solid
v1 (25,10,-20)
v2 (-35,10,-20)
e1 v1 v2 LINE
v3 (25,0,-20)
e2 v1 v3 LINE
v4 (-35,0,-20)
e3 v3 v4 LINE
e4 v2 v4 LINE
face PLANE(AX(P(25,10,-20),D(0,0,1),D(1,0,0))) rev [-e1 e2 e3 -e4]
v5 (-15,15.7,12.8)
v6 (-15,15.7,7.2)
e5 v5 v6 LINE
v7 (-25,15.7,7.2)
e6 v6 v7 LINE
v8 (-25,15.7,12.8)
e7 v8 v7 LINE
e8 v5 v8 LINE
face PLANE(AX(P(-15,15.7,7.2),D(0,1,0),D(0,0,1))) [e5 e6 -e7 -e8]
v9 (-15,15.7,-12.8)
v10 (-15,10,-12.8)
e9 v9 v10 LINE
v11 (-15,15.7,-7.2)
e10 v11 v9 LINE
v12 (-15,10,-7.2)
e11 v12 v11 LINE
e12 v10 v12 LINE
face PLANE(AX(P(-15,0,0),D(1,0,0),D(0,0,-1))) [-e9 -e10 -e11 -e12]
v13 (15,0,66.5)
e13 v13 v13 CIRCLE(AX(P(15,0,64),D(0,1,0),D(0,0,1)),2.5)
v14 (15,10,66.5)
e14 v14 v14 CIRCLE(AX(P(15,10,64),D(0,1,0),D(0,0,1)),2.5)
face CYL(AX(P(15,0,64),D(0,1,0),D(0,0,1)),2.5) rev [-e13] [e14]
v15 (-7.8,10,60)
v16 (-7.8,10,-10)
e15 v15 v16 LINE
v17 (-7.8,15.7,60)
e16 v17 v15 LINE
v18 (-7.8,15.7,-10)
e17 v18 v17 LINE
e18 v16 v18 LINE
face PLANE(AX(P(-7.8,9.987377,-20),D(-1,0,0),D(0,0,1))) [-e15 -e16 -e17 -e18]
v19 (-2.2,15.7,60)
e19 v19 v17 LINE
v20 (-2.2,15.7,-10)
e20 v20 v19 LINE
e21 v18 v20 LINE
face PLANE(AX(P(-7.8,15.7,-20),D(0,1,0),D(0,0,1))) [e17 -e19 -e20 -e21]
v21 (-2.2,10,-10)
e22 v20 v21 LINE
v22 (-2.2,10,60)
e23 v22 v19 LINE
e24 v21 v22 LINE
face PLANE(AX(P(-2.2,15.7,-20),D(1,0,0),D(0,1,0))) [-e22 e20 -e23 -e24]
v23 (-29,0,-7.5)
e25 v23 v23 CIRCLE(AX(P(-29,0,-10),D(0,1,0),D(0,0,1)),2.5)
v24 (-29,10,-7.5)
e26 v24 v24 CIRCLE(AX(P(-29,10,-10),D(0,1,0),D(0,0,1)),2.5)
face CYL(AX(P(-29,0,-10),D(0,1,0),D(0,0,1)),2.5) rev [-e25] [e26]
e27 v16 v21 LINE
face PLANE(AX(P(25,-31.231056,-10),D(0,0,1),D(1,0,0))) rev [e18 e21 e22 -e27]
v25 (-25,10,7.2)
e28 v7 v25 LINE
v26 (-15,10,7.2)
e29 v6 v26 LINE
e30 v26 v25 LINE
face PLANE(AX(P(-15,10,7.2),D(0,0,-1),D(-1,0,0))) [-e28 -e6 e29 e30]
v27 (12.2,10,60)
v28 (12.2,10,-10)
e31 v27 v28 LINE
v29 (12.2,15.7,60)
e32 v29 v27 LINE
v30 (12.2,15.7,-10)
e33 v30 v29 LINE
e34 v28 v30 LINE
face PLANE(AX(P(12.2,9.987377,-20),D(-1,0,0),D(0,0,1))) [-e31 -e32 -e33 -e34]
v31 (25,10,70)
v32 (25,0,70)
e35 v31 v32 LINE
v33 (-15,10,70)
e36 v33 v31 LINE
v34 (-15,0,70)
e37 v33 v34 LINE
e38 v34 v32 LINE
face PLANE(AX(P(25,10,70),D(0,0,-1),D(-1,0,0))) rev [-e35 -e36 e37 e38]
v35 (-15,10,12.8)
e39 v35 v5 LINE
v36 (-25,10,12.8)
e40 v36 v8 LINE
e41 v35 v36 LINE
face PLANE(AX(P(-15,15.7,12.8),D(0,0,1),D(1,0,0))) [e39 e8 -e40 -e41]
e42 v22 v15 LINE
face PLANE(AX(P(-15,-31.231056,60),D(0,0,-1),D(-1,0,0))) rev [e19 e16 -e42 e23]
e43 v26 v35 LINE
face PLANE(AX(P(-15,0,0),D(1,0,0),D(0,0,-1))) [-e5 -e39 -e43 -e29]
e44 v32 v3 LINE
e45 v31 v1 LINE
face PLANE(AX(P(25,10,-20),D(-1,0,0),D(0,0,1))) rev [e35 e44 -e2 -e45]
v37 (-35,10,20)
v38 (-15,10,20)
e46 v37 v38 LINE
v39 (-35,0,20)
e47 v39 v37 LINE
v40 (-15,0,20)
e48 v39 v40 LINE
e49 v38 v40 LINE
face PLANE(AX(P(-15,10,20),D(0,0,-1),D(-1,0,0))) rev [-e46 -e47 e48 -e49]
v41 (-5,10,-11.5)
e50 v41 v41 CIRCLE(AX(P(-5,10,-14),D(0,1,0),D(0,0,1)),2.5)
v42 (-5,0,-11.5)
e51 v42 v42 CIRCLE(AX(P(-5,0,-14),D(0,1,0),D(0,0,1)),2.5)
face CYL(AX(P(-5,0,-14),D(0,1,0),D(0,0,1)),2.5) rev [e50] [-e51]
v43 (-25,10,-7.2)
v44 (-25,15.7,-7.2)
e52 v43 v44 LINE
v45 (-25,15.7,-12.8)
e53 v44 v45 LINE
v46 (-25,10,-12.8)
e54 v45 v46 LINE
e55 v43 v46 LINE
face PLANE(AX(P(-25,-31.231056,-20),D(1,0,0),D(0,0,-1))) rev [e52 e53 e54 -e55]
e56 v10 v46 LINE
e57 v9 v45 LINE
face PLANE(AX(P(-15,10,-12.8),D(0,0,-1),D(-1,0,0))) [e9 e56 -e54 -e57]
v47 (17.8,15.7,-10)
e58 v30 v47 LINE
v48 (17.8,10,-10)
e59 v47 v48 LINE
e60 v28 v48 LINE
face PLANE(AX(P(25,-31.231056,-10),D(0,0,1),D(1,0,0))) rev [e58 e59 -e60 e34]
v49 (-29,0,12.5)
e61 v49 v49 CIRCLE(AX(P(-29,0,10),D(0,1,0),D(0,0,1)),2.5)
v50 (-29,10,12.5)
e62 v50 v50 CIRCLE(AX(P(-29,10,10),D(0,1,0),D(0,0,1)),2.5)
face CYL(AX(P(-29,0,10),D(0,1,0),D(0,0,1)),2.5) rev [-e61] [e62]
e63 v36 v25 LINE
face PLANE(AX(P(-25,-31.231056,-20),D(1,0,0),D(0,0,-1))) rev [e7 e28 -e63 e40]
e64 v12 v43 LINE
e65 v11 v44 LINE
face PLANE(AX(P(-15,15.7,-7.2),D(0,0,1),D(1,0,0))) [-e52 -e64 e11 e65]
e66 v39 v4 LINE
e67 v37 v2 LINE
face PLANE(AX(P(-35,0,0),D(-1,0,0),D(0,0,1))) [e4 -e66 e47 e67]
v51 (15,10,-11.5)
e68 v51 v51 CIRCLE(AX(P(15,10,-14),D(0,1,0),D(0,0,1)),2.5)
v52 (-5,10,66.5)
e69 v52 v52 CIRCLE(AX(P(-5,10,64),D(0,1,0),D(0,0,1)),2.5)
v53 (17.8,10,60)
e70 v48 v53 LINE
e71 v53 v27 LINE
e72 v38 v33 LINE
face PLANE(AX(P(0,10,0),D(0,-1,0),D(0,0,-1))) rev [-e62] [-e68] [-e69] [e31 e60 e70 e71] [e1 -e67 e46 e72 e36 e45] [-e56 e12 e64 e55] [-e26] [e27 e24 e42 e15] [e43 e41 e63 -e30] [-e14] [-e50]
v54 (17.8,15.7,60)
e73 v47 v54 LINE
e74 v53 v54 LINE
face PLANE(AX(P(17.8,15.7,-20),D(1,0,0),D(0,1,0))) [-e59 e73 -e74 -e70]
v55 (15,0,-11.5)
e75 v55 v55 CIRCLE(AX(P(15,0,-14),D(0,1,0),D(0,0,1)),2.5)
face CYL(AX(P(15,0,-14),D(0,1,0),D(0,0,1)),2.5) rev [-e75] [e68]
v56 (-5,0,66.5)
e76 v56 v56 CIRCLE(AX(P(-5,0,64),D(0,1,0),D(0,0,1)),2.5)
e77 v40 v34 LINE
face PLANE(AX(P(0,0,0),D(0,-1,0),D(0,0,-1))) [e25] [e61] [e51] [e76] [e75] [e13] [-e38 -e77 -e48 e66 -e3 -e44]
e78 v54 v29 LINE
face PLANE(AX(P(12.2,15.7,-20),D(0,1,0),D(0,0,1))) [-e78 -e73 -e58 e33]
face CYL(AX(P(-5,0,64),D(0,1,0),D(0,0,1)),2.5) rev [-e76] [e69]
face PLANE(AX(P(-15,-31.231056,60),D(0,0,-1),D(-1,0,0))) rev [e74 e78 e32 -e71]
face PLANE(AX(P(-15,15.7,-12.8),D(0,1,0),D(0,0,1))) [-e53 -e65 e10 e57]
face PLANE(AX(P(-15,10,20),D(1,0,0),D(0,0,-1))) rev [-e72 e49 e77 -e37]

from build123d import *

# Parameters (mm, degrees)
SALIENTE_EXTRUIR1_DEPTH = 10
SALIENTE_EXTRUIR2_DEPTH = 90
SALIENTE_EXTRUIR3_DEPTH = 50
CROQUIS6_W              = 56.928573576
CROQUIS6_H              = 55.923287038
CORTAR_EXTRUIR2_DEPTH   = 30
CROQUIS5_W              = 40
CROQUIS5_H              = 10
CROQUIS5_W_2            = 10
CROQUIS5_H_2            = 40
CORTAR_EXTRUIR1_DEPTH   = 5.7
CROQUIS7_R              = 2.5
CORTAR_EXTRUIR3_DEPTH   = 11


with BuildPart() as part:
    # Croquis1 → Saliente-Extruir1 (new body)
    with BuildSketch(Plane(origin=(0, 0, 0), x_dir=(1, 0, 0), z_dir=(0, 1, 0))):
        Polygon((25, 20), (-65, 20), (-65, -20), (-15, -20), (-15, -70), (25, -70), (25, -20), align=None)
    extrude(amount=SALIENTE_EXTRUIR1_DEPTH)

    # Croquis2 → Saliente-Extruir2 (add, through all)
    with BuildSketch(Plane.XY.offset(70)):
        Polygon((12.2, 9.987376579), (12.2, 15.7), (17.8, 15.7), (17.8, 9.987376579), (15, 9.987376579), align=None)
        Polygon((-7.8, 9.987376579), (-7.8, 15.7), (-2.2, 15.7), (-2.2, 9.987376579), (-5, 9.987376579), align=None)
    extrude(amount=-SALIENTE_EXTRUIR2_DEPTH)

    # Croquis3 → Saliente-Extruir3 (add)
    with BuildSketch(Plane.ZY.offset(65)):
        Polygon((7.2, 10), (7.2, 15.7), (12.8, 15.7), (12.8, 10), (10, 10), align=None)
        Polygon((-12.8, 10), (-12.8, 15.7), (-7.2, 15.7), (-7.2, 10), (-10, 10), align=None)
    extrude(amount=-SALIENTE_EXTRUIR3_DEPTH)

    # Croquis6 → Cortar-Extruir2 (cut)
    with BuildSketch(Plane.ZY.offset(65)):
        Rectangle(CROQUIS6_W, CROQUIS6_H)
    extrude(amount=-CORTAR_EXTRUIR2_DEPTH, mode=Mode.SUBTRACT)

    # Croquis5 → Cortar-Extruir1 (cut)
    with BuildSketch(Plane(origin=(0, 15.7, 0), x_dir=(1, 0, 0), z_dir=(0, 1, 0))):
        with Locations((5, -65)):
            Rectangle(CROQUIS5_W, CROQUIS5_H)
        with Locations((5, 15)):
            Rectangle(CROQUIS5_W, CROQUIS5_H)
        with Locations((-30, 0)):
            Rectangle(CROQUIS5_W_2, CROQUIS5_H_2)
    extrude(amount=-CORTAR_EXTRUIR1_DEPTH, mode=Mode.SUBTRACT)

    # Croquis7 → Cortar-Extruir3 (cut, through all)
    with BuildSketch(Plane(origin=(0, 10, 0), x_dir=(1, 0, 0), z_dir=(0, 1, 0))):
        with Locations((-29, 10)):
            Circle(CROQUIS7_R)
        with Locations((-29, -10)):
            Circle(CROQUIS7_R)
        with Locations((15, 14)):
            Circle(CROQUIS7_R)
        with Locations((-5, 14)):
            Circle(CROQUIS7_R)
        with Locations((-5, -64)):
            Circle(CROQUIS7_R)
        with Locations((15, -64)):
            Circle(CROQUIS7_R)
    extrude(amount=-CORTAR_EXTRUIR3_DEPTH, mode=Mode.SUBTRACT)


solid = part.part
